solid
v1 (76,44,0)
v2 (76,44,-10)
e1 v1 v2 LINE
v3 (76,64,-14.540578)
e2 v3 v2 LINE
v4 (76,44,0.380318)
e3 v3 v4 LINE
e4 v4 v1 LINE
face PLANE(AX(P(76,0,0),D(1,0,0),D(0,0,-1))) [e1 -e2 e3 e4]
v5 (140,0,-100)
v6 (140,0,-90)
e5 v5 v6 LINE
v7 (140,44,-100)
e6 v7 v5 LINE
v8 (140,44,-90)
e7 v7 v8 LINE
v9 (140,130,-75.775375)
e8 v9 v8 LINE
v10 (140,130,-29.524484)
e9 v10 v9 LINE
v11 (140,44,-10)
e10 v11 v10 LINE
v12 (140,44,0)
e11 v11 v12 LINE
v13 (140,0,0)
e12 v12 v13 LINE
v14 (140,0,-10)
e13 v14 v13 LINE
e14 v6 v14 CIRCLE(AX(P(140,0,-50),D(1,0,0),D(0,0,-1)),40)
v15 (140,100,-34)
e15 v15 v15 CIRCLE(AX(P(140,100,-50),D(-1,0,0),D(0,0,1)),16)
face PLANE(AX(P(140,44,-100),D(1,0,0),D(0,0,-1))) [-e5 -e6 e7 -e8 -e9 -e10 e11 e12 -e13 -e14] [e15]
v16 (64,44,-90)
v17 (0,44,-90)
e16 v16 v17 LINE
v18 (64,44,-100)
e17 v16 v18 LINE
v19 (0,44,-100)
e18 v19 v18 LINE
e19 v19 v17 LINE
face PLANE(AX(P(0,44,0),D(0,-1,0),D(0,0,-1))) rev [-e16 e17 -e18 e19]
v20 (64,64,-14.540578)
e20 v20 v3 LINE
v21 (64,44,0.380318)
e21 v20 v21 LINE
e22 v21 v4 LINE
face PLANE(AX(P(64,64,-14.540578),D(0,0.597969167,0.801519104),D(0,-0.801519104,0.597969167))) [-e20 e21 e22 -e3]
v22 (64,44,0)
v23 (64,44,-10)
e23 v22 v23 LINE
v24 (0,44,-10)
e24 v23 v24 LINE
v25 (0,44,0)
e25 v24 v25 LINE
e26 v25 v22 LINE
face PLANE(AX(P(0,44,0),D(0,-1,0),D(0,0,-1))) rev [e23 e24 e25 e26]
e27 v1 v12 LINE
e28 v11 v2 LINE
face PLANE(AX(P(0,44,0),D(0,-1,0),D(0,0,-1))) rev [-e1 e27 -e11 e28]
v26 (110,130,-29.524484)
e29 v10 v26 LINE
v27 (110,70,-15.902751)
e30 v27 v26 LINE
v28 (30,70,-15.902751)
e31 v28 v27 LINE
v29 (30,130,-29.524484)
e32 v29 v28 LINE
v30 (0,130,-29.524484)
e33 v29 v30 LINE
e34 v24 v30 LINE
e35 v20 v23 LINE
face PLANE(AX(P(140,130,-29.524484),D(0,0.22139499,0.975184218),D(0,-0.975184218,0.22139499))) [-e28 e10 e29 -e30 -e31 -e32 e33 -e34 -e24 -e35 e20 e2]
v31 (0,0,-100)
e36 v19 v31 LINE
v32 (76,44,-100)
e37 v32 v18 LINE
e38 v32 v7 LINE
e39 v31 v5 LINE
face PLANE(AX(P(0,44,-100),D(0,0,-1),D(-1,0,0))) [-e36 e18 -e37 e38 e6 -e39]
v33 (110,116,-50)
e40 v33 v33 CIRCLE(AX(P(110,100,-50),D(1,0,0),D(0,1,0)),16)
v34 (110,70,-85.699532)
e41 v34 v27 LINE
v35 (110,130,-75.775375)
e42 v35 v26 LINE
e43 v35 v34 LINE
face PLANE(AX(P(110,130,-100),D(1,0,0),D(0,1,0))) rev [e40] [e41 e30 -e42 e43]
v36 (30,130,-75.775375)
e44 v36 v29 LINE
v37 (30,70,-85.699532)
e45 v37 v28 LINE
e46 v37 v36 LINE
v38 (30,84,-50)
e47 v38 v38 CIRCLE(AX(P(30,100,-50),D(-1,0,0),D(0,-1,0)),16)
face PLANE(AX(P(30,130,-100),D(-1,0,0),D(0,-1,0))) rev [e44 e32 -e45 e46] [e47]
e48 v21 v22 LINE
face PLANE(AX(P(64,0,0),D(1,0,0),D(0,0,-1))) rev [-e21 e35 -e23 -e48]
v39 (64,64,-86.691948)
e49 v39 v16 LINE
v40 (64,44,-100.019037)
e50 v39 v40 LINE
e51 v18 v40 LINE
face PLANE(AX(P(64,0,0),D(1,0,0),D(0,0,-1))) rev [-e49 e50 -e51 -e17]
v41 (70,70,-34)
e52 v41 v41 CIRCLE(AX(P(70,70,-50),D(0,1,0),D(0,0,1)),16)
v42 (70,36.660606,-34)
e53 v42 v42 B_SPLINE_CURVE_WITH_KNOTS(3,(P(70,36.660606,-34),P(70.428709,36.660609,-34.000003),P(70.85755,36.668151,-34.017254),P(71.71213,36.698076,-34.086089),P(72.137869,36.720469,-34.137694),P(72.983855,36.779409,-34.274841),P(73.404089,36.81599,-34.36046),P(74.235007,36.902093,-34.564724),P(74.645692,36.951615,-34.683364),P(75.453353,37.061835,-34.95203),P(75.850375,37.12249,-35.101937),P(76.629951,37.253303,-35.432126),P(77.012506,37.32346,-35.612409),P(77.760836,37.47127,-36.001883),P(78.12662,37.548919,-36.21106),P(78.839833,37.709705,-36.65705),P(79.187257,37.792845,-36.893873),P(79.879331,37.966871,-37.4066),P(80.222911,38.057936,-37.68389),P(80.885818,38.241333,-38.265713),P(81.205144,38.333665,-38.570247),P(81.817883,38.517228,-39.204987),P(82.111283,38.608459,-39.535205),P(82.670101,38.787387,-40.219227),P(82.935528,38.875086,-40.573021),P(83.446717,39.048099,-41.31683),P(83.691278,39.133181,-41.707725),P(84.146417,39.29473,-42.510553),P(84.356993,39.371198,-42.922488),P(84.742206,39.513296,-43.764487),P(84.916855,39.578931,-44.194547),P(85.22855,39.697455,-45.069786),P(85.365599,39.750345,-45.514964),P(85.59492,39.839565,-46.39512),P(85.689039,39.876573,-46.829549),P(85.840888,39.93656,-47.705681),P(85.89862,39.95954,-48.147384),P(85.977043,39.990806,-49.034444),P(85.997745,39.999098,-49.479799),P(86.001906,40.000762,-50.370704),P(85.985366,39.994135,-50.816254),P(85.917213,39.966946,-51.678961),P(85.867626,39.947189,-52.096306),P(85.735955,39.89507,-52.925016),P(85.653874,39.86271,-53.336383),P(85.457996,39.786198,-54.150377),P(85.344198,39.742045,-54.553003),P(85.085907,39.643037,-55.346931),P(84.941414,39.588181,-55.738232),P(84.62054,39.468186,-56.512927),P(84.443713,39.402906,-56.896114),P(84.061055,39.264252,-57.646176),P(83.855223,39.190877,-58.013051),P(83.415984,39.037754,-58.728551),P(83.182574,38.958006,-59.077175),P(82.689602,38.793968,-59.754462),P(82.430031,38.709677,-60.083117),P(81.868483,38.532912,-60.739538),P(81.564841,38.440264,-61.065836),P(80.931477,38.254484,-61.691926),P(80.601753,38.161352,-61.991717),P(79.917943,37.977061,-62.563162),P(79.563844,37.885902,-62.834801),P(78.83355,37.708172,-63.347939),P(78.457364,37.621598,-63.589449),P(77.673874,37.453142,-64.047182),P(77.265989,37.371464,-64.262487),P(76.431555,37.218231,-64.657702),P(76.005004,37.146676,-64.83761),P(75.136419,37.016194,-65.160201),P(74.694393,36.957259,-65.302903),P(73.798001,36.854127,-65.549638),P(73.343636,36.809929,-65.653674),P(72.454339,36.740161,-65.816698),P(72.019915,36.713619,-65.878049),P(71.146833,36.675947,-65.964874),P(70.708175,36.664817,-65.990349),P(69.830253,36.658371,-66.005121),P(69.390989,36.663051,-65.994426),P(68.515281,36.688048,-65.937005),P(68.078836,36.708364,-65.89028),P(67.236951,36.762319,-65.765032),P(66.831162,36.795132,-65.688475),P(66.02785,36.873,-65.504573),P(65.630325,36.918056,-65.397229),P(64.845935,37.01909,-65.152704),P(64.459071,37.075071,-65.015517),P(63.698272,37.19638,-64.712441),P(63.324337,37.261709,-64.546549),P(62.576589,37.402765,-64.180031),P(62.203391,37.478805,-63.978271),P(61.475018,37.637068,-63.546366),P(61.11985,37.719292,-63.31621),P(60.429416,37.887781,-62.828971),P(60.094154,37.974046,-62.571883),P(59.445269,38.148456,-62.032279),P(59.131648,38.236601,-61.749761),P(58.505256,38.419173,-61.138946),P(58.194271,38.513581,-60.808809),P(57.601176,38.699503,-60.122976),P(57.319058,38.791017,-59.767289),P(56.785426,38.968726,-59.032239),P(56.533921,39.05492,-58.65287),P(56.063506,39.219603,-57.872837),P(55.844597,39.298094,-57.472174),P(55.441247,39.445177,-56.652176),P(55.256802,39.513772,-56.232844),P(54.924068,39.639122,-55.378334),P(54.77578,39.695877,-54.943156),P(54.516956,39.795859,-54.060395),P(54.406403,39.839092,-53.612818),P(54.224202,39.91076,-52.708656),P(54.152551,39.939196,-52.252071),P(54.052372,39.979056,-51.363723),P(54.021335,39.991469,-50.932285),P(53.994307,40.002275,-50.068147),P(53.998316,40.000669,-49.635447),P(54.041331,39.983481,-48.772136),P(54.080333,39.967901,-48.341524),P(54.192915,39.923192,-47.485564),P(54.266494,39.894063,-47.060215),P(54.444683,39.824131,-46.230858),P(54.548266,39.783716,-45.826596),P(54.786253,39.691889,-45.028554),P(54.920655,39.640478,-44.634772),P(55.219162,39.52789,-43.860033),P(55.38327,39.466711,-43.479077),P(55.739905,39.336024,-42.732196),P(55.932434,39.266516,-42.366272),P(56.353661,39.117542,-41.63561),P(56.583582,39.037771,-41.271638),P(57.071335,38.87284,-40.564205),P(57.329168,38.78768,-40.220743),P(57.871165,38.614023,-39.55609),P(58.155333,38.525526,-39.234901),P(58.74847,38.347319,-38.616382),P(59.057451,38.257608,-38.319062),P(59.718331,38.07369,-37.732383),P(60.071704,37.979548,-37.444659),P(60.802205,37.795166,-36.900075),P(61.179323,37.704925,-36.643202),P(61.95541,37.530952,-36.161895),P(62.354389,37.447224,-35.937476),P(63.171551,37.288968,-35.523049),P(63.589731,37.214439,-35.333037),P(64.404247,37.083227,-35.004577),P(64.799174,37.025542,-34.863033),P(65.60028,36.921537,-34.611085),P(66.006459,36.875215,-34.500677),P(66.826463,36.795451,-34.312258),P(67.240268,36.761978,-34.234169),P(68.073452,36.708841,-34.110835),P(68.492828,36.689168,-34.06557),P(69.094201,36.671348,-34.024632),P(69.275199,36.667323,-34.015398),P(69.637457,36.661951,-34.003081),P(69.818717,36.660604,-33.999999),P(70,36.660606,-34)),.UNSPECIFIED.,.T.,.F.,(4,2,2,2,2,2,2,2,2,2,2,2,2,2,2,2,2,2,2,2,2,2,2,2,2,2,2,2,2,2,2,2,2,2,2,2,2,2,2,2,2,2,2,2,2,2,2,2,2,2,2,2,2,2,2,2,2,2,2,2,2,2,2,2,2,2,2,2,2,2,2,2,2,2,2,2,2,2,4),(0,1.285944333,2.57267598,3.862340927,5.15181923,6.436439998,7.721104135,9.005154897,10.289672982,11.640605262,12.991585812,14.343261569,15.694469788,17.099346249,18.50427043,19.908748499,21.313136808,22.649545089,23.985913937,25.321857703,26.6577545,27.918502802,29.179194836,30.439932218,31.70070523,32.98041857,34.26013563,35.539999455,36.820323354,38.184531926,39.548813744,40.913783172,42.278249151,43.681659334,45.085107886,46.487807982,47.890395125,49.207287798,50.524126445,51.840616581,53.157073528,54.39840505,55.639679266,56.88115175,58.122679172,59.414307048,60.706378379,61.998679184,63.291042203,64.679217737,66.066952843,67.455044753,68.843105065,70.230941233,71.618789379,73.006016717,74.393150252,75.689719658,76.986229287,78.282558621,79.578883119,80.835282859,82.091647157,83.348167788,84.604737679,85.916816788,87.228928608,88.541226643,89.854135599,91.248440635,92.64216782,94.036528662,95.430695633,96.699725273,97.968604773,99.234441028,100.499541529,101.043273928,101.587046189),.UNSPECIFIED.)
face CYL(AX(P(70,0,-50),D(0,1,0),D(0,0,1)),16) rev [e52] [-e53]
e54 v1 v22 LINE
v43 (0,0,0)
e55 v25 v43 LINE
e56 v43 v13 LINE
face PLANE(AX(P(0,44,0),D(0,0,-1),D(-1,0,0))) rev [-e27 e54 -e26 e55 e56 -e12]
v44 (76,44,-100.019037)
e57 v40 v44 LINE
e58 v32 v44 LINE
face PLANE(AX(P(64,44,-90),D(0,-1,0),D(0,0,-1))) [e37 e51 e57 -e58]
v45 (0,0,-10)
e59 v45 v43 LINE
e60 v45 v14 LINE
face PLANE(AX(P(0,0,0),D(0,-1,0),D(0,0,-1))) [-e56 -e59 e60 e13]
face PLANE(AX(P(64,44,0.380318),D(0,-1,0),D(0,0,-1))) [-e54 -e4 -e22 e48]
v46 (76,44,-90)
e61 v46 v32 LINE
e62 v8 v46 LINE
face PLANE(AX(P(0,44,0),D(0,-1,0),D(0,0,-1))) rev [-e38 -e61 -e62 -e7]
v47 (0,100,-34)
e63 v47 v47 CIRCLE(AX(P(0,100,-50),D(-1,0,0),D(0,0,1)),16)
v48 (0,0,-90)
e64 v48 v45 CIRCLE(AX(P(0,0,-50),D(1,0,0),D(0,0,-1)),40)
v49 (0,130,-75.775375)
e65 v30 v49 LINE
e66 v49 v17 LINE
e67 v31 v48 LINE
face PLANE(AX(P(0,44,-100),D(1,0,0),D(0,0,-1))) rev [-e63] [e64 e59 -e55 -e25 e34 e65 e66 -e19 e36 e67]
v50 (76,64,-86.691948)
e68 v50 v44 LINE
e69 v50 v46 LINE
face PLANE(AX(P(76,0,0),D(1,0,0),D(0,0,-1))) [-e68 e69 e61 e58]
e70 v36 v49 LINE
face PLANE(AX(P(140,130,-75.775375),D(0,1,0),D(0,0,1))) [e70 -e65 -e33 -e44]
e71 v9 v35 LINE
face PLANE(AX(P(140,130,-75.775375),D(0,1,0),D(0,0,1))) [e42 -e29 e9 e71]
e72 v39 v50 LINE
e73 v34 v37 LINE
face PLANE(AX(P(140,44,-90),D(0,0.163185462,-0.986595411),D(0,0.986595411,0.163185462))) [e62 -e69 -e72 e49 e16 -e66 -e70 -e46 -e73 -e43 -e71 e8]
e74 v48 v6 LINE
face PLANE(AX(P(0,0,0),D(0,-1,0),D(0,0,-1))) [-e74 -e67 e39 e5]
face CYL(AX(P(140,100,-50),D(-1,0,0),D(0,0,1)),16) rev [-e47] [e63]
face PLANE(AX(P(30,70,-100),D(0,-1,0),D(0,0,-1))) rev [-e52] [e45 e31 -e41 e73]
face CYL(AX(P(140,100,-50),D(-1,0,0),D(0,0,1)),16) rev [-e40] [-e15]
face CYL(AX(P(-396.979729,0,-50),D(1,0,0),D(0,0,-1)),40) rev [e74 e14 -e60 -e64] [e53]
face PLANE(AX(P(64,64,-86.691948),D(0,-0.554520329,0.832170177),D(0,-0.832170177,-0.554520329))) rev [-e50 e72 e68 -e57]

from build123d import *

# Parameters (mm, degrees)
SKETCH1_W               = 140
SKETCH1_H               = 100
BOSS_EXTRUDE1_DEPTH     = 44
CUT_EXTRUDE2_DEPTH      = 1
CUT_EXTRUDE2_DEPTH_BACK = 141
BOSS_EXTRUDE2_DEPTH     = 140
SKETCH5_W               = 80
SKETCH5_H               = 60
CUT_EXTRUDE3_DEPTH      = 1
CUT_EXTRUDE3_DEPTH_BACK = 101
SKETCH6_R               = 16
CUT_EXTRUDE4_DEPTH      = 61
CUT_EXTRUDE4_DEPTH_BACK = 71
SKETCH7_R               = 16
CUT_EXTRUDE5_DEPTH      = 1.0000001
CUT_EXTRUDE5_DEPTH_BACK = 141.0000001
BOSS_EXTRUDE6_DEPTH     = 6
BOSS_EXTRUDE7_DEPTH     = 6


with BuildPart() as part:
    # Sketch1 → Boss-Extrude1 (new body)
    with BuildSketch(Plane(origin=(0, 0, 0), x_dir=(1, 0, 0), z_dir=(0, 1, 0))):
        with Locations((70, 50)):
            Rectangle(SKETCH1_W, SKETCH1_H)
    extrude(amount=BOSS_EXTRUDE1_DEPTH)

    # Sketch2 → Cut-Extrude2 (cut, two sides)
    with BuildSketch(Plane.ZY) as cut_extrude2_sk:
        with BuildLine():
            Line((-90, -210.359676582), (-90, 0))
            ThreePointArc((-90, 0), (-50, 40), (-10, 0))
            Line((-10, 0), (-10, -210.359676582))
            Line((-10, -210.359676582), (-10, -631.079029746))
            Line((-10, -631.079029746), (-90, -631.079029746))
            Line((-90, -631.079029746), (-90, -210.359676582))
        make_face()
    extrude(amount=CUT_EXTRUDE2_DEPTH, mode=Mode.SUBTRACT)
    extrude(cut_extrude2_sk.sketch, amount=-CUT_EXTRUDE2_DEPTH_BACK, mode=Mode.SUBTRACT)

    # Sketch3 → Boss-Extrude2 (add)
    with BuildSketch(Plane.ZY):
        Polygon((-90, 44), (-75.775374972, 130), (-29.52448448, 130), (-10, 44), align=None)
    extrude(amount=-BOSS_EXTRUDE2_DEPTH)

    # Sketch5 → Cut-Extrude3 (cut, two sides)
    with BuildSketch(Plane.XY) as cut_extrude3_sk:
        with Locations((70, 100)):
            Rectangle(SKETCH5_W, SKETCH5_H)
    extrude(amount=CUT_EXTRUDE3_DEPTH, mode=Mode.SUBTRACT)
    extrude(cut_extrude3_sk.sketch, amount=-CUT_EXTRUDE3_DEPTH_BACK, mode=Mode.SUBTRACT)

    # Sketch6 → Cut-Extrude4 (cut, two sides)
    with BuildSketch(Plane(origin=(0, 70, 0), x_dir=(1, 0, 0), z_dir=(0, 1, 0))) as cut_extrude4_sk:
        with Locations((70, 50)):
            Circle(SKETCH6_R)
    extrude(amount=CUT_EXTRUDE4_DEPTH, mode=Mode.SUBTRACT)
    extrude(cut_extrude4_sk.sketch, amount=-CUT_EXTRUDE4_DEPTH_BACK, mode=Mode.SUBTRACT)

    # Sketch7 → Cut-Extrude5 (cut, two sides)
    with BuildSketch(Plane.ZY) as cut_extrude5_sk:
        with Locations((-50, 100)):
            Circle(SKETCH7_R)
    extrude(amount=CUT_EXTRUDE5_DEPTH, mode=Mode.SUBTRACT)
    extrude(cut_extrude5_sk.sketch, amount=-CUT_EXTRUDE5_DEPTH_BACK, mode=Mode.SUBTRACT)

    # Sketch15 → Boss-Extrude6 (add, symmetric)
    with BuildSketch(Plane.ZY.offset(-70)):
        Polygon((-14.540577786, 64), (-10, 44), (0.380318398, 44), align=None)
    extrude(amount=BOSS_EXTRUDE6_DEPTH, both=True)

    # Sketch17 → Boss-Extrude7 (add, symmetric)
    with BuildSketch(Plane.ZY.offset(-70)):
        Polygon((-86.691947668, 64), (-100.019037355, 44), (-90, 44), align=None)
    extrude(amount=BOSS_EXTRUDE7_DEPTH, both=True)


solid = part.part
